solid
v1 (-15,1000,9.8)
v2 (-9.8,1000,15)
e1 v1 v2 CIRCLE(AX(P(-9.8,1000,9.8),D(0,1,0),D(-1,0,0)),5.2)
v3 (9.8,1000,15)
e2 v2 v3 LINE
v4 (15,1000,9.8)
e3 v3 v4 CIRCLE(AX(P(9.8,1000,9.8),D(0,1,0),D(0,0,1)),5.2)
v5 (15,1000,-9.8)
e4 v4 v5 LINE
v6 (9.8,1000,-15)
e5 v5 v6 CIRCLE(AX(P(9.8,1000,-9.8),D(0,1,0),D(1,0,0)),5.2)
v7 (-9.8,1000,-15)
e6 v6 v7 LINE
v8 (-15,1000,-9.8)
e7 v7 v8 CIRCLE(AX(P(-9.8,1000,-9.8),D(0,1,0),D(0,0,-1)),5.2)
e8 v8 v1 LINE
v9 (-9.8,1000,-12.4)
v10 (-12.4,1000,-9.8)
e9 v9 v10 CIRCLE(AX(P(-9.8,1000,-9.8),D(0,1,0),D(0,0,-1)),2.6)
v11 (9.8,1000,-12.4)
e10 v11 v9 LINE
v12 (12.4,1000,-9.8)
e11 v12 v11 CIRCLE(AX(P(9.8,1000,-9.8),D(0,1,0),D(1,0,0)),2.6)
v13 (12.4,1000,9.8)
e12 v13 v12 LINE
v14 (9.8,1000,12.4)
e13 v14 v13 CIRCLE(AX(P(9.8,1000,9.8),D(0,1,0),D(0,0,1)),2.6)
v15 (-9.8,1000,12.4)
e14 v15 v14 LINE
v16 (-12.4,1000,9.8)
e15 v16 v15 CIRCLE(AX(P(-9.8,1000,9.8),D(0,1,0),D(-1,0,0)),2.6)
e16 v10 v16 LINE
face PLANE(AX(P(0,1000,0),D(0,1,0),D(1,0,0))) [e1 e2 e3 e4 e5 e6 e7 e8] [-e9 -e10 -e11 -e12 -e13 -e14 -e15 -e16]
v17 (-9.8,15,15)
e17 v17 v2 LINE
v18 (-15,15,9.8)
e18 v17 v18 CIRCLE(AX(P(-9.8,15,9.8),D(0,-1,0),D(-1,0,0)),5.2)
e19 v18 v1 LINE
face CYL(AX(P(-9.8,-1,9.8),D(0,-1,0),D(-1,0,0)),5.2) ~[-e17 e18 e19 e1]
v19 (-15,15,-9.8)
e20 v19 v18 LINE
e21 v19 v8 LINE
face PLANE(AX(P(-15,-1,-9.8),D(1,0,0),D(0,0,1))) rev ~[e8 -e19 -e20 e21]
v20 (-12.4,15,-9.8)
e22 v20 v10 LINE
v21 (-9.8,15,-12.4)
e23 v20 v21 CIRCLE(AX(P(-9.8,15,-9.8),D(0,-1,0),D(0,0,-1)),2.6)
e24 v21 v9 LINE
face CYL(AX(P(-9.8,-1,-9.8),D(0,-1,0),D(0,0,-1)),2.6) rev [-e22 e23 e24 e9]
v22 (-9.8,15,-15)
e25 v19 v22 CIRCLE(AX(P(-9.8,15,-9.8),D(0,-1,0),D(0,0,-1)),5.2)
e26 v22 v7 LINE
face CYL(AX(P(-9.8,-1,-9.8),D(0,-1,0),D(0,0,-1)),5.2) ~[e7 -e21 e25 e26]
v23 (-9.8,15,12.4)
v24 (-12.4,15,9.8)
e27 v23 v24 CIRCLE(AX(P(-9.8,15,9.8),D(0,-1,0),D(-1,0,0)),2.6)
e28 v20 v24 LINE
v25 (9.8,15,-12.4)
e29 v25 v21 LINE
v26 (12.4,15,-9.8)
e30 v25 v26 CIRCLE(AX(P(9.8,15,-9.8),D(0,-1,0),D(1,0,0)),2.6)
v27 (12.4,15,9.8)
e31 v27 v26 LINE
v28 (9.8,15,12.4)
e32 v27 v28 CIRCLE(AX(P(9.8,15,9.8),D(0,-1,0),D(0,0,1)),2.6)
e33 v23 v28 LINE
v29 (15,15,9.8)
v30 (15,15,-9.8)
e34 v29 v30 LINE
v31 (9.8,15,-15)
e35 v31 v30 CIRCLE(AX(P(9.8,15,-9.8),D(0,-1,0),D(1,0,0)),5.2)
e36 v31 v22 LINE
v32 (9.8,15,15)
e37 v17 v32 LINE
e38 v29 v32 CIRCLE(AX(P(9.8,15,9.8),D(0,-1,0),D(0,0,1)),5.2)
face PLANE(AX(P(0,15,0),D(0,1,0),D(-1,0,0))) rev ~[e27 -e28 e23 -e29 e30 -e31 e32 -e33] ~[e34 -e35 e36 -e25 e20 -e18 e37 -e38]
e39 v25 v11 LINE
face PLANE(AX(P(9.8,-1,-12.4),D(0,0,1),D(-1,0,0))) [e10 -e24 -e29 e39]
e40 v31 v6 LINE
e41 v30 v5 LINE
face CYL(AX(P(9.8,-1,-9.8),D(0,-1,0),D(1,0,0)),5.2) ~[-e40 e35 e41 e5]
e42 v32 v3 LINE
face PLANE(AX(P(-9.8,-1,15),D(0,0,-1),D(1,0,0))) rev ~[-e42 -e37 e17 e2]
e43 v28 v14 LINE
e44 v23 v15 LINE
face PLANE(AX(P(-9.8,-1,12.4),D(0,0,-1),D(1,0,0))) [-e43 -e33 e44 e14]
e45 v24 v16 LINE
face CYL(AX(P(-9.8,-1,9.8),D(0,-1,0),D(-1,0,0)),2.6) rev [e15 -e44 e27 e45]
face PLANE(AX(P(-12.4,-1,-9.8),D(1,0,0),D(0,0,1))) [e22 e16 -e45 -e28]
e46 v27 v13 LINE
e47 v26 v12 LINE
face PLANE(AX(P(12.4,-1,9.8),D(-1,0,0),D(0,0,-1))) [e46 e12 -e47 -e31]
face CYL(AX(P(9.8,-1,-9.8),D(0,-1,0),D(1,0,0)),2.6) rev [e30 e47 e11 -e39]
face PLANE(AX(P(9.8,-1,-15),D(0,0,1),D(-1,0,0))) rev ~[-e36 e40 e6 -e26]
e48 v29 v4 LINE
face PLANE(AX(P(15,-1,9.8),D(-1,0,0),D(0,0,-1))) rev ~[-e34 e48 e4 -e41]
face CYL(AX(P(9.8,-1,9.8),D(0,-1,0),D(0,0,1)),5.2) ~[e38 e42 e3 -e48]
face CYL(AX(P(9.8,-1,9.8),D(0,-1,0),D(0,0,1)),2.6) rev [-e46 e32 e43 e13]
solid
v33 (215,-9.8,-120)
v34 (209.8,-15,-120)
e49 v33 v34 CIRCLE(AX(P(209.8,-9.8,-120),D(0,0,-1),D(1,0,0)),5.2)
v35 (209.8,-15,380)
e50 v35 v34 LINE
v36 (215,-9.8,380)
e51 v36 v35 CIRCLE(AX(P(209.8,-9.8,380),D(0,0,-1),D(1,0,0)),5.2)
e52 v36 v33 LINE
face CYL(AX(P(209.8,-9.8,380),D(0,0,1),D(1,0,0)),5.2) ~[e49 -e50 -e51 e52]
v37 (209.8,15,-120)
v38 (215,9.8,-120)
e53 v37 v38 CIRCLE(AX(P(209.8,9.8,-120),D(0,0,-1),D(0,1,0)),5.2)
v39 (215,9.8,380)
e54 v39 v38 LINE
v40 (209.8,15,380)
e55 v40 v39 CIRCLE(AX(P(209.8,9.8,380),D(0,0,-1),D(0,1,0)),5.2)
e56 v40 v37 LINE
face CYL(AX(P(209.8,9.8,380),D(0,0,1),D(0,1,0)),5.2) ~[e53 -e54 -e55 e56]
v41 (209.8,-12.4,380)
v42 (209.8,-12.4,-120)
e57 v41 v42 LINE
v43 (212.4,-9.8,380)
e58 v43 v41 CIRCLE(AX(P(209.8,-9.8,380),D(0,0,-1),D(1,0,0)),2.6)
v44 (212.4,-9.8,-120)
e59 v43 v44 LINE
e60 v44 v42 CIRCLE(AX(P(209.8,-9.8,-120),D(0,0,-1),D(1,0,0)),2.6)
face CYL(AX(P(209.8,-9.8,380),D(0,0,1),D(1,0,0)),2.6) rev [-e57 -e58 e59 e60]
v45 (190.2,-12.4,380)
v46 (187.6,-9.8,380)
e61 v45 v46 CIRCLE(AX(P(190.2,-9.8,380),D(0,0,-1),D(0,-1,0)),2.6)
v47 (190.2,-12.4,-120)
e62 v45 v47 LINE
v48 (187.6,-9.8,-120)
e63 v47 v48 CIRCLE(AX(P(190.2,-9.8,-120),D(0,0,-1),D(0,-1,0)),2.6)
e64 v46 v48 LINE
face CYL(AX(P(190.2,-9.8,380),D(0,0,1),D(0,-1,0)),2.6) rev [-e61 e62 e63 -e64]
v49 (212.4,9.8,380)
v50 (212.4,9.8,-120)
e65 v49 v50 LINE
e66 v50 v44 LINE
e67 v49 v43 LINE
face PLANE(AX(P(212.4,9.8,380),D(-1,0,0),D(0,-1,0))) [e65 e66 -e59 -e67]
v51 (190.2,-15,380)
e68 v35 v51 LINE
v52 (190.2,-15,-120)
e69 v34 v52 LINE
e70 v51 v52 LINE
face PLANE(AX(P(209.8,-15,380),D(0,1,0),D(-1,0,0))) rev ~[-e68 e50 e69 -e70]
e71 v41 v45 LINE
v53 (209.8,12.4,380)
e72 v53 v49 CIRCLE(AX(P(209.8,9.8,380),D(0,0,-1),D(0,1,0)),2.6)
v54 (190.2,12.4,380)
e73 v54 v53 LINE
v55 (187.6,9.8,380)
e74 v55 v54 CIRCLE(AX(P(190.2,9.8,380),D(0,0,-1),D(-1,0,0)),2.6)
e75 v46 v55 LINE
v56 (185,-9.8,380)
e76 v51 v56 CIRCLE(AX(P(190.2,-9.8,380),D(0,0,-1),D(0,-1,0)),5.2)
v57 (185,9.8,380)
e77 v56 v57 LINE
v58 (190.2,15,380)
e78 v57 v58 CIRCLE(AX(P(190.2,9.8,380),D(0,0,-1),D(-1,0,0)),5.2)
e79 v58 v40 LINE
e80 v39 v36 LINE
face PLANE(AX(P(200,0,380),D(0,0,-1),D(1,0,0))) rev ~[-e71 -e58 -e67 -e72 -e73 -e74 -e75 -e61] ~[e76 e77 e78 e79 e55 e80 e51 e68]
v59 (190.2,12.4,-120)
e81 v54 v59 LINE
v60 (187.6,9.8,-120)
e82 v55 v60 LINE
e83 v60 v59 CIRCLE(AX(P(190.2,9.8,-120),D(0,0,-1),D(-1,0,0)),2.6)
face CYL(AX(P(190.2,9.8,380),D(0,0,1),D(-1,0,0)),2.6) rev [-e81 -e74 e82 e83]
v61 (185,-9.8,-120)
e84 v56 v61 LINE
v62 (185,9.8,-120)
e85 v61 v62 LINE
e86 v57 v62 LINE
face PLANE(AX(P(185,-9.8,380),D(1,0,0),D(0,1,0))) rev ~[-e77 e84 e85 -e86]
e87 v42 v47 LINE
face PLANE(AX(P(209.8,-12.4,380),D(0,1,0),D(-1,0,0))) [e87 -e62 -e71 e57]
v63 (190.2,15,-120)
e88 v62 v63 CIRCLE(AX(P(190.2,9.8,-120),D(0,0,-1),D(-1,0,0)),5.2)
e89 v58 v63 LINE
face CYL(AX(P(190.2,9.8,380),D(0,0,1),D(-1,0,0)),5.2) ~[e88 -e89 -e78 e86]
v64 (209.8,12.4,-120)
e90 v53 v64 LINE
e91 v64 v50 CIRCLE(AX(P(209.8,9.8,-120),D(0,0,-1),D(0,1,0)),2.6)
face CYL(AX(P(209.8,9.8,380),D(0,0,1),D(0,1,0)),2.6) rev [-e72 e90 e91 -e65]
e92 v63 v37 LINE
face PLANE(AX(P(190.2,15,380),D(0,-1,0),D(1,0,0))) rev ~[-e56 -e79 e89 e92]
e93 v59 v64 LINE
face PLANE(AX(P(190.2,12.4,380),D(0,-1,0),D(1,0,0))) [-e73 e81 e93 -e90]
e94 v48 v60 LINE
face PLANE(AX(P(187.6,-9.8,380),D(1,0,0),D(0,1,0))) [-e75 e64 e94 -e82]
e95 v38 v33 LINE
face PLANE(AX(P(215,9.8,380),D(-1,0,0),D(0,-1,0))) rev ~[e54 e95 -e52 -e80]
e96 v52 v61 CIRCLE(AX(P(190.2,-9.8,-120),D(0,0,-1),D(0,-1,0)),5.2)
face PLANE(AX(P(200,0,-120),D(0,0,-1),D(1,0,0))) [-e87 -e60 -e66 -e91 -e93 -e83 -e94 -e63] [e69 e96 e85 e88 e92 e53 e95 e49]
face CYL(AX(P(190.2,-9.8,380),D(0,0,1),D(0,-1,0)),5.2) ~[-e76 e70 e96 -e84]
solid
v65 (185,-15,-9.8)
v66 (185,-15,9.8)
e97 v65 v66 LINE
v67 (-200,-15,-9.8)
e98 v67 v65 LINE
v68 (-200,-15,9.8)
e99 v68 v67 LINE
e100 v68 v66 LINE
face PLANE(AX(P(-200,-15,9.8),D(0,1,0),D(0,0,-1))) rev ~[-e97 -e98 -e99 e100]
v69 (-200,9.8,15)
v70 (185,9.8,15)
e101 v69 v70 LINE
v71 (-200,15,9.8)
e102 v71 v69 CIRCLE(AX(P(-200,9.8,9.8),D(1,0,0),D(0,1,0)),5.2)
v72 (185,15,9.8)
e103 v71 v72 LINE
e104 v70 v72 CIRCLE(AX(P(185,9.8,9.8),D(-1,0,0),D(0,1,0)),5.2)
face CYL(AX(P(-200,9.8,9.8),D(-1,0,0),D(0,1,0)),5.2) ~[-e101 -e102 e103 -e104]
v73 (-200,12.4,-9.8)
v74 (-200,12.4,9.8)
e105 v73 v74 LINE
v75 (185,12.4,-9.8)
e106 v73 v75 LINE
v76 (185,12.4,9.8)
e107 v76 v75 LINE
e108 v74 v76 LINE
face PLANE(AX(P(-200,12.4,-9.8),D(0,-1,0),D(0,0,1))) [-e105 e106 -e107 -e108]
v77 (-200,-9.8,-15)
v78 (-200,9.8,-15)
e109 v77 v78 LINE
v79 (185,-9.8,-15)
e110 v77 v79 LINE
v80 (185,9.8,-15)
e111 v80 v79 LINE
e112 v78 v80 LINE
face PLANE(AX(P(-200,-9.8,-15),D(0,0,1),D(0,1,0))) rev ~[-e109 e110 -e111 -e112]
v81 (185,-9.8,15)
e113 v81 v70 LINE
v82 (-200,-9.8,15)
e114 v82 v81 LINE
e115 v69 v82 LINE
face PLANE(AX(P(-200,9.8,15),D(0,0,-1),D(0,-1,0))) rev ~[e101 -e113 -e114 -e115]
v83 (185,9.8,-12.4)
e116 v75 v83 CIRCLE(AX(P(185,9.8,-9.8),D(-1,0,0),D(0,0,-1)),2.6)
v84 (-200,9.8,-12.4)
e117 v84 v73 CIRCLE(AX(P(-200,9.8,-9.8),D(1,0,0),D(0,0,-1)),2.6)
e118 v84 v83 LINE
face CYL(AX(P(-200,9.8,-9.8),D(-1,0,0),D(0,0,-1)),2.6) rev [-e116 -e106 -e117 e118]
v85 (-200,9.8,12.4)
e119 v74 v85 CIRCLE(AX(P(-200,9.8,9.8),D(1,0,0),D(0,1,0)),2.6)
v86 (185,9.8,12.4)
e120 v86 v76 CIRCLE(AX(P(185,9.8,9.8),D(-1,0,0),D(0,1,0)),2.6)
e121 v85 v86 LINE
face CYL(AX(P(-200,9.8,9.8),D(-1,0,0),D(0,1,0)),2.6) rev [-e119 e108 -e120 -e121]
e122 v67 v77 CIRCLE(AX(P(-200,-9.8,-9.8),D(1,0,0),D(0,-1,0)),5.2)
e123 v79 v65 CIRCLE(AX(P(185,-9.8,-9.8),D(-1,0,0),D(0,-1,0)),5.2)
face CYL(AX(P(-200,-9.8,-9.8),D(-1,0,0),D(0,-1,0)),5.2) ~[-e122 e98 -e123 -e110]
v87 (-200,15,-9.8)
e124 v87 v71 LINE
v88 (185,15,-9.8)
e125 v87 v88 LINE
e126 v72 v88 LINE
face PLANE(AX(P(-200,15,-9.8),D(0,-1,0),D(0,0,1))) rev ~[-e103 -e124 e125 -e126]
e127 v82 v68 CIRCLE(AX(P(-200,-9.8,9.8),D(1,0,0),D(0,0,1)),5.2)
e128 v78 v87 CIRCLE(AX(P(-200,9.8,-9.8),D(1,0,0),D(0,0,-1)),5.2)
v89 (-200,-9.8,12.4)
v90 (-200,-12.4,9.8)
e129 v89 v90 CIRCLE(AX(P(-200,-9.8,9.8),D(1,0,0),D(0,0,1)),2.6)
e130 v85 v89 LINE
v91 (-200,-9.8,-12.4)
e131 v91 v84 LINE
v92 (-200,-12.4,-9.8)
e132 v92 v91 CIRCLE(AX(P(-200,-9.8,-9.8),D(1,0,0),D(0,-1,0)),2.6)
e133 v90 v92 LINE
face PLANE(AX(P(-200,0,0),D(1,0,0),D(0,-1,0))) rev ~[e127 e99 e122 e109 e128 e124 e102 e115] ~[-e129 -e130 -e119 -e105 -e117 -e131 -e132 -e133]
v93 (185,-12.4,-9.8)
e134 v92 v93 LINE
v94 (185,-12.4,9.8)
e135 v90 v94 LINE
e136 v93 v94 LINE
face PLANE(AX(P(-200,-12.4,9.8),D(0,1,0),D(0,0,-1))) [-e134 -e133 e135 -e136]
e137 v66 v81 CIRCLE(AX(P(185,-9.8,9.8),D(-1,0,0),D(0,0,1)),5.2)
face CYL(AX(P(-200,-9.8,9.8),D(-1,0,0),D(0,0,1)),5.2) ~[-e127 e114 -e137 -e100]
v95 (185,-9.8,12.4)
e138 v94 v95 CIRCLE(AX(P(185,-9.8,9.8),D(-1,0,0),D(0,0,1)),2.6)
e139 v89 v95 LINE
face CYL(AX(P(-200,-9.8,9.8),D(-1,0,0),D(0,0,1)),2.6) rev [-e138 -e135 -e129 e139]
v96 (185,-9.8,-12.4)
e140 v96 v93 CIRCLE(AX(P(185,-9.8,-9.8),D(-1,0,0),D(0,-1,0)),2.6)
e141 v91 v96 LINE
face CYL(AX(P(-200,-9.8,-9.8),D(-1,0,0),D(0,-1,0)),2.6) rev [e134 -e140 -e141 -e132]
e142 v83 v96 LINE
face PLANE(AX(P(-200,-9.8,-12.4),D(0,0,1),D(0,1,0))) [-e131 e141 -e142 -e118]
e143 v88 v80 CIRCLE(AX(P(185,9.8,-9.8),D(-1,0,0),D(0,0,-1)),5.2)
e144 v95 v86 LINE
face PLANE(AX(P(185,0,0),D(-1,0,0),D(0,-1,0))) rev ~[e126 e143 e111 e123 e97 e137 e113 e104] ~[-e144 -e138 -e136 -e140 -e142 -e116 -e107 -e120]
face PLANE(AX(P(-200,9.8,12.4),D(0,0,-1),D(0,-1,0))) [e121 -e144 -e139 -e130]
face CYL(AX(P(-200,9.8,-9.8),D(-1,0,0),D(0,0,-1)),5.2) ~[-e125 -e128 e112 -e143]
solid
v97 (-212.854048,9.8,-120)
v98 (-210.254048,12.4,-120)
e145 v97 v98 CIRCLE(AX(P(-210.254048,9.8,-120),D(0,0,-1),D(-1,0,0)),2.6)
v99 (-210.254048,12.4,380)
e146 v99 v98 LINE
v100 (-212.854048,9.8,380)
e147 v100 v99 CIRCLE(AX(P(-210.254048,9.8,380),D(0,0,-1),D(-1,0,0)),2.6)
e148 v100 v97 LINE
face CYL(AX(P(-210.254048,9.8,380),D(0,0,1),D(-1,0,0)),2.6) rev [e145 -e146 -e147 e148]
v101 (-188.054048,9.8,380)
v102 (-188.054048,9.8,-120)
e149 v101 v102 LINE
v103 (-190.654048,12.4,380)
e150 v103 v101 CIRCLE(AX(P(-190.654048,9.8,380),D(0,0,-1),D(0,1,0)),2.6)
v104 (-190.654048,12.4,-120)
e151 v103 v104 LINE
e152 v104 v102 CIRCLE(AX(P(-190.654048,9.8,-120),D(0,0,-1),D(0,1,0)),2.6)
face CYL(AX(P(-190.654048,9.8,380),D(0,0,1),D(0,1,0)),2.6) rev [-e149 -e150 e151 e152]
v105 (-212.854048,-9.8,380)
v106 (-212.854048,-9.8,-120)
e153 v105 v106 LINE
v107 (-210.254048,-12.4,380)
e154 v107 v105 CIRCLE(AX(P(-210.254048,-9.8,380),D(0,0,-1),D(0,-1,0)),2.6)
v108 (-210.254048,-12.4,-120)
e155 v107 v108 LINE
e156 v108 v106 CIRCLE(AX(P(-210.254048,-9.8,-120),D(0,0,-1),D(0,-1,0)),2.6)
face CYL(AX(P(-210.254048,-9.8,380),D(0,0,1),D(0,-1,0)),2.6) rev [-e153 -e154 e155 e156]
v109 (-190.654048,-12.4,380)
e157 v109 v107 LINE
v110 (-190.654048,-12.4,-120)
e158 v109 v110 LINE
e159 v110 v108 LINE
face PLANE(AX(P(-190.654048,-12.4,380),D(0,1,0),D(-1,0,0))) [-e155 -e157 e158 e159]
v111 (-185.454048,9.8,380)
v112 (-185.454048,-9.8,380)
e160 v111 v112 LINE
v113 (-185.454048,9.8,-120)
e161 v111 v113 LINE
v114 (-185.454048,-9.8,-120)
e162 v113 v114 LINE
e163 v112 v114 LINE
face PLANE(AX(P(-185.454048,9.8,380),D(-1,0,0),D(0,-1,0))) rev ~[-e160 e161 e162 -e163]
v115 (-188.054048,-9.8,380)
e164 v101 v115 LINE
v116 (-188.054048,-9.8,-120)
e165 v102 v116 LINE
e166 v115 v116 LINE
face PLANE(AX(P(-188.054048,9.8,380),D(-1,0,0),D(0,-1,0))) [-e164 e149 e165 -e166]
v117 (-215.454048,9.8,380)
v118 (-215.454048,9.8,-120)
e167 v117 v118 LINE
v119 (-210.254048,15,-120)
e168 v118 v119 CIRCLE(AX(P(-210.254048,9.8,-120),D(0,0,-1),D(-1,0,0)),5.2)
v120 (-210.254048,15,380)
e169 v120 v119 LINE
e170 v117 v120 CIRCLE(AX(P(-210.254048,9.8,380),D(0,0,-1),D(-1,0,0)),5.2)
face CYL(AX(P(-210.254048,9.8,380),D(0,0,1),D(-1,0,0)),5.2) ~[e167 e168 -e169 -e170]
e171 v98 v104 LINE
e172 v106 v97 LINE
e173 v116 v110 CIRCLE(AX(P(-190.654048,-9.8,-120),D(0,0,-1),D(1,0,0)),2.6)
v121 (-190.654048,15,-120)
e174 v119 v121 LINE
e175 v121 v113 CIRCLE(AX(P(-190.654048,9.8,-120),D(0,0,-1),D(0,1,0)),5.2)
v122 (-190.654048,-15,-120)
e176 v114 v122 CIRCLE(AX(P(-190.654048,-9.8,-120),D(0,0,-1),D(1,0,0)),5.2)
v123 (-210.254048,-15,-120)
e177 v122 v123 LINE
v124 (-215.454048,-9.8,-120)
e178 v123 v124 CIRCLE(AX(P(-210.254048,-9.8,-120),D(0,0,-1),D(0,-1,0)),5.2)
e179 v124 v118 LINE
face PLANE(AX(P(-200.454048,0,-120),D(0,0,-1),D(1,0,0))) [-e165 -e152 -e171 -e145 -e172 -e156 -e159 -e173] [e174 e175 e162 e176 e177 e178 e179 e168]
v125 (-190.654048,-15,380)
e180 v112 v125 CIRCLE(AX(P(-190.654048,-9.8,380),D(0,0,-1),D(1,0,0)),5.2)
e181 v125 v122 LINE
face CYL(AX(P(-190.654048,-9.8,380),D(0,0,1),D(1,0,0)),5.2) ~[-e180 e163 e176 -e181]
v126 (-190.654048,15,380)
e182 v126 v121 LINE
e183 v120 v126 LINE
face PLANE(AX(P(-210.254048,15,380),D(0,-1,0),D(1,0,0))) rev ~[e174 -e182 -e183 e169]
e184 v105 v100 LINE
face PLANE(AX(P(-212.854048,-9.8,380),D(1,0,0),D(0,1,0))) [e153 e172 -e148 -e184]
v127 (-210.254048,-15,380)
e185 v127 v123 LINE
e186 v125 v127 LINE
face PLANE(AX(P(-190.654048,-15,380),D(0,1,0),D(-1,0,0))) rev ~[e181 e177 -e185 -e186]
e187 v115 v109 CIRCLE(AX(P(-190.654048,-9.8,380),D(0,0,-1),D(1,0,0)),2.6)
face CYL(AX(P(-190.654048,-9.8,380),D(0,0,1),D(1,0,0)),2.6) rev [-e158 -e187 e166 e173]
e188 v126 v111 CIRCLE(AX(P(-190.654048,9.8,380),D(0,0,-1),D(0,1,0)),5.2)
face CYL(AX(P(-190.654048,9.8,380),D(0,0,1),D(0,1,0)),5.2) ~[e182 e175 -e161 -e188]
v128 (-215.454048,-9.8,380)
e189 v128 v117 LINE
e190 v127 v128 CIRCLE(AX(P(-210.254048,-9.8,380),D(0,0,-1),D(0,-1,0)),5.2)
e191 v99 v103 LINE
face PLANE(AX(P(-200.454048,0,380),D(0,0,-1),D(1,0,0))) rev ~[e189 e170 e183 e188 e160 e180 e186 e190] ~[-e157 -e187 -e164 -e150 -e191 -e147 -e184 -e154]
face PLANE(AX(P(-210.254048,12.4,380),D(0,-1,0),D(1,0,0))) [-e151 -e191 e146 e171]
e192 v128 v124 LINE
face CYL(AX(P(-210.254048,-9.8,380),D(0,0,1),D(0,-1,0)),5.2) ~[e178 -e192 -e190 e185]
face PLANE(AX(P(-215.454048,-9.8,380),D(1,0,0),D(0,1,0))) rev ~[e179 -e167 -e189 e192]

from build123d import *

# Parameters (mm, degrees)
COMPONENTE_ESTRUTURAL1_DEPTH      = 1000
COMPONENTE_ESTRUTURAL1_DEPTH_BACK = 1
COMPONENTE_ESTRUTURAL1_2_DEPTH    = 401
COMPONENTE_ESTRUTURAL1_3_DEPTH    = 500
COMPONENTE_ESTRUTURAL1_4_DEPTH    = 500


with BuildPart() as part:
    # Sketch1 → Componente estrutural1 (new, two sides: drawn at the far end of the back side and taken through both)
    with BuildSketch(Plane(origin=(0, 0, 0), x_dir=(1, 0, 0), z_dir=(0, 1, 0)).offset(-COMPONENTE_ESTRUTURAL1_DEPTH_BACK)):
        with BuildLine():
            Line((-9.8, -15), (9.8, -15))
            ThreePointArc((9.8, -15), (13.476955262, -13.476955262), (15, -9.8))
            Line((15, -9.8), (15, 9.8))
            ThreePointArc((15, 9.8), (13.476955262, 13.476955262), (9.8, 15))
            Line((9.8, 15), (-9.8, 15))
            ThreePointArc((-9.8, 15), (-13.476955262, 13.476955262), (-15, 9.8))
            Line((-15, 9.8), (-15, -9.8))
            ThreePointArc((-15, -9.8), (-13.476955262, -13.476955262), (-9.8, -15))
        make_face()
        with BuildLine():
            Line((-9.8, -12.4), (9.8, -12.4))
            ThreePointArc((9.8, -12.4), (11.638477631, -11.638477631), (12.4, -9.8))
            Line((12.4, -9.8), (12.4, 9.8))
            ThreePointArc((12.4, 9.8), (11.638477631, 11.638477631), (9.8, 12.4))
            Line((9.8, 12.4), (-9.8, 12.4))
            ThreePointArc((-9.8, 12.4), (-11.638477631, 11.638477631), (-12.4, 9.8))
            Line((-12.4, 9.8), (-12.4, -9.8))
            ThreePointArc((-12.4, -9.8), (-11.638477631, -11.638477631), (-9.8, -12.4))
        make_face(mode=Mode.SUBTRACT)
    extrude(amount=COMPONENTE_ESTRUTURAL1_DEPTH + COMPONENTE_ESTRUTURAL1_DEPTH_BACK)

    # Componente estrutural1 end butt 1
    split(bisect_by=Plane(origin=(0, 15, 0), x_dir=(-1, 0, 0), z_dir=(0, 1, 0)), keep=Keep.TOP)


with BuildPart() as body_2:
    # Sketch1 on segment 2 (carried to segment 2) → Componente estrutural1 2 (new body)
    with BuildSketch(Plane(origin=(-200, 0, 0), x_dir=(0, -1, 0), z_dir=(1, 0, 0))):
        with BuildLine():
            Line((-9.8, -15), (9.8, -15))
            ThreePointArc((9.8, -15), (13.476955262, -13.476955262), (15, -9.8))
            Line((15, -9.8), (15, 9.8))
            ThreePointArc((15, 9.8), (13.476955262, 13.476955262), (9.8, 15))
            Line((9.8, 15), (-9.8, 15))
            ThreePointArc((-9.8, 15), (-13.476955262, 13.476955262), (-15, 9.8))
            Line((-15, 9.8), (-15, -9.8))
            ThreePointArc((-15, -9.8), (-13.476955262, -13.476955262), (-9.8, -15))
        make_face()
        with BuildLine():
            Line((-9.8, -12.4), (9.8, -12.4))
            ThreePointArc((9.8, -12.4), (11.638477631, -11.638477631), (12.4, -9.8))
            Line((12.4, -9.8), (12.4, 9.8))
            ThreePointArc((12.4, 9.8), (11.638477631, 11.638477631), (9.8, 12.4))
            Line((9.8, 12.4), (-9.8, 12.4))
            ThreePointArc((-9.8, 12.4), (-11.638477631, 11.638477631), (-12.4, 9.8))
            Line((-12.4, 9.8), (-12.4, -9.8))
            ThreePointArc((-12.4, -9.8), (-11.638477631, -11.638477631), (-9.8, -12.4))
        make_face(mode=Mode.SUBTRACT)
    extrude(amount=COMPONENTE_ESTRUTURAL1_2_DEPTH)

    # Componente estrutural1 2 end butt 1
    split(bisect_by=Plane(origin=(185, 0, 0), x_dir=(0, -1, 0), z_dir=(-1, 0, 0)), keep=Keep.TOP)


with BuildPart() as body_3:
    # Sketch1 on segment 3 (carried to segment 3) → Componente estrutural1 3 (new body)
    with BuildSketch(Plane(origin=(200, 0, 380), x_dir=(1, 0, 0), z_dir=(0, 0, -1))):
        with BuildLine():
            Line((-9.8, -15), (9.8, -15))
            ThreePointArc((9.8, -15), (13.476955262, -13.476955262), (15, -9.8))
            Line((15, -9.8), (15, 9.8))
            ThreePointArc((15, 9.8), (13.476955262, 13.476955262), (9.8, 15))
            Line((9.8, 15), (-9.8, 15))
            ThreePointArc((-9.8, 15), (-13.476955262, 13.476955262), (-15, 9.8))
            Line((-15, 9.8), (-15, -9.8))
            ThreePointArc((-15, -9.8), (-13.476955262, -13.476955262), (-9.8, -15))
        make_face()
        with BuildLine():
            Line((-9.8, -12.4), (9.8, -12.4))
            ThreePointArc((9.8, -12.4), (11.638477631, -11.638477631), (12.4, -9.8))
            Line((12.4, -9.8), (12.4, 9.8))
            ThreePointArc((12.4, 9.8), (11.638477631, 11.638477631), (9.8, 12.4))
            Line((9.8, 12.4), (-9.8, 12.4))
            ThreePointArc((-9.8, 12.4), (-11.638477631, 11.638477631), (-12.4, 9.8))
            Line((-12.4, 9.8), (-12.4, -9.8))
            ThreePointArc((-12.4, -9.8), (-11.638477631, -11.638477631), (-9.8, -12.4))
        make_face(mode=Mode.SUBTRACT)
    extrude(amount=COMPONENTE_ESTRUTURAL1_3_DEPTH)


with BuildPart() as body_4:
    # Sketch1 on segment 4 (carried to segment 4) → Componente estrutural1 4 (new body)
    with BuildSketch(Plane(origin=(-200.454048056, 0, 380), x_dir=(1, 0, 0), z_dir=(0, 0, -1))):
        with BuildLine():
            Line((-9.8, -15), (9.8, -15))
            ThreePointArc((9.8, -15), (13.476955262, -13.476955262), (15, -9.8))
            Line((15, -9.8), (15, 9.8))
            ThreePointArc((15, 9.8), (13.476955262, 13.476955262), (9.8, 15))
            Line((9.8, 15), (-9.8, 15))
            ThreePointArc((-9.8, 15), (-13.476955262, 13.476955262), (-15, 9.8))
            Line((-15, 9.8), (-15, -9.8))
            ThreePointArc((-15, -9.8), (-13.476955262, -13.476955262), (-9.8, -15))
        make_face()
        with BuildLine():
            Line((-9.8, -12.4), (9.8, -12.4))
            ThreePointArc((9.8, -12.4), (11.638477631, -11.638477631), (12.4, -9.8))
            Line((12.4, -9.8), (12.4, 9.8))
            ThreePointArc((12.4, 9.8), (11.638477631, 11.638477631), (9.8, 12.4))
            Line((9.8, 12.4), (-9.8, 12.4))
            ThreePointArc((-9.8, 12.4), (-11.638477631, 11.638477631), (-12.4, 9.8))
            Line((-12.4, 9.8), (-12.4, -9.8))
            ThreePointArc((-12.4, -9.8), (-11.638477631, -11.638477631), (-9.8, -12.4))
        make_face(mode=Mode.SUBTRACT)
    extrude(amount=COMPONENTE_ESTRUTURAL1_4_DEPTH)


solid = Compound([part.part, body_2.part, body_3.part, body_4.part])
